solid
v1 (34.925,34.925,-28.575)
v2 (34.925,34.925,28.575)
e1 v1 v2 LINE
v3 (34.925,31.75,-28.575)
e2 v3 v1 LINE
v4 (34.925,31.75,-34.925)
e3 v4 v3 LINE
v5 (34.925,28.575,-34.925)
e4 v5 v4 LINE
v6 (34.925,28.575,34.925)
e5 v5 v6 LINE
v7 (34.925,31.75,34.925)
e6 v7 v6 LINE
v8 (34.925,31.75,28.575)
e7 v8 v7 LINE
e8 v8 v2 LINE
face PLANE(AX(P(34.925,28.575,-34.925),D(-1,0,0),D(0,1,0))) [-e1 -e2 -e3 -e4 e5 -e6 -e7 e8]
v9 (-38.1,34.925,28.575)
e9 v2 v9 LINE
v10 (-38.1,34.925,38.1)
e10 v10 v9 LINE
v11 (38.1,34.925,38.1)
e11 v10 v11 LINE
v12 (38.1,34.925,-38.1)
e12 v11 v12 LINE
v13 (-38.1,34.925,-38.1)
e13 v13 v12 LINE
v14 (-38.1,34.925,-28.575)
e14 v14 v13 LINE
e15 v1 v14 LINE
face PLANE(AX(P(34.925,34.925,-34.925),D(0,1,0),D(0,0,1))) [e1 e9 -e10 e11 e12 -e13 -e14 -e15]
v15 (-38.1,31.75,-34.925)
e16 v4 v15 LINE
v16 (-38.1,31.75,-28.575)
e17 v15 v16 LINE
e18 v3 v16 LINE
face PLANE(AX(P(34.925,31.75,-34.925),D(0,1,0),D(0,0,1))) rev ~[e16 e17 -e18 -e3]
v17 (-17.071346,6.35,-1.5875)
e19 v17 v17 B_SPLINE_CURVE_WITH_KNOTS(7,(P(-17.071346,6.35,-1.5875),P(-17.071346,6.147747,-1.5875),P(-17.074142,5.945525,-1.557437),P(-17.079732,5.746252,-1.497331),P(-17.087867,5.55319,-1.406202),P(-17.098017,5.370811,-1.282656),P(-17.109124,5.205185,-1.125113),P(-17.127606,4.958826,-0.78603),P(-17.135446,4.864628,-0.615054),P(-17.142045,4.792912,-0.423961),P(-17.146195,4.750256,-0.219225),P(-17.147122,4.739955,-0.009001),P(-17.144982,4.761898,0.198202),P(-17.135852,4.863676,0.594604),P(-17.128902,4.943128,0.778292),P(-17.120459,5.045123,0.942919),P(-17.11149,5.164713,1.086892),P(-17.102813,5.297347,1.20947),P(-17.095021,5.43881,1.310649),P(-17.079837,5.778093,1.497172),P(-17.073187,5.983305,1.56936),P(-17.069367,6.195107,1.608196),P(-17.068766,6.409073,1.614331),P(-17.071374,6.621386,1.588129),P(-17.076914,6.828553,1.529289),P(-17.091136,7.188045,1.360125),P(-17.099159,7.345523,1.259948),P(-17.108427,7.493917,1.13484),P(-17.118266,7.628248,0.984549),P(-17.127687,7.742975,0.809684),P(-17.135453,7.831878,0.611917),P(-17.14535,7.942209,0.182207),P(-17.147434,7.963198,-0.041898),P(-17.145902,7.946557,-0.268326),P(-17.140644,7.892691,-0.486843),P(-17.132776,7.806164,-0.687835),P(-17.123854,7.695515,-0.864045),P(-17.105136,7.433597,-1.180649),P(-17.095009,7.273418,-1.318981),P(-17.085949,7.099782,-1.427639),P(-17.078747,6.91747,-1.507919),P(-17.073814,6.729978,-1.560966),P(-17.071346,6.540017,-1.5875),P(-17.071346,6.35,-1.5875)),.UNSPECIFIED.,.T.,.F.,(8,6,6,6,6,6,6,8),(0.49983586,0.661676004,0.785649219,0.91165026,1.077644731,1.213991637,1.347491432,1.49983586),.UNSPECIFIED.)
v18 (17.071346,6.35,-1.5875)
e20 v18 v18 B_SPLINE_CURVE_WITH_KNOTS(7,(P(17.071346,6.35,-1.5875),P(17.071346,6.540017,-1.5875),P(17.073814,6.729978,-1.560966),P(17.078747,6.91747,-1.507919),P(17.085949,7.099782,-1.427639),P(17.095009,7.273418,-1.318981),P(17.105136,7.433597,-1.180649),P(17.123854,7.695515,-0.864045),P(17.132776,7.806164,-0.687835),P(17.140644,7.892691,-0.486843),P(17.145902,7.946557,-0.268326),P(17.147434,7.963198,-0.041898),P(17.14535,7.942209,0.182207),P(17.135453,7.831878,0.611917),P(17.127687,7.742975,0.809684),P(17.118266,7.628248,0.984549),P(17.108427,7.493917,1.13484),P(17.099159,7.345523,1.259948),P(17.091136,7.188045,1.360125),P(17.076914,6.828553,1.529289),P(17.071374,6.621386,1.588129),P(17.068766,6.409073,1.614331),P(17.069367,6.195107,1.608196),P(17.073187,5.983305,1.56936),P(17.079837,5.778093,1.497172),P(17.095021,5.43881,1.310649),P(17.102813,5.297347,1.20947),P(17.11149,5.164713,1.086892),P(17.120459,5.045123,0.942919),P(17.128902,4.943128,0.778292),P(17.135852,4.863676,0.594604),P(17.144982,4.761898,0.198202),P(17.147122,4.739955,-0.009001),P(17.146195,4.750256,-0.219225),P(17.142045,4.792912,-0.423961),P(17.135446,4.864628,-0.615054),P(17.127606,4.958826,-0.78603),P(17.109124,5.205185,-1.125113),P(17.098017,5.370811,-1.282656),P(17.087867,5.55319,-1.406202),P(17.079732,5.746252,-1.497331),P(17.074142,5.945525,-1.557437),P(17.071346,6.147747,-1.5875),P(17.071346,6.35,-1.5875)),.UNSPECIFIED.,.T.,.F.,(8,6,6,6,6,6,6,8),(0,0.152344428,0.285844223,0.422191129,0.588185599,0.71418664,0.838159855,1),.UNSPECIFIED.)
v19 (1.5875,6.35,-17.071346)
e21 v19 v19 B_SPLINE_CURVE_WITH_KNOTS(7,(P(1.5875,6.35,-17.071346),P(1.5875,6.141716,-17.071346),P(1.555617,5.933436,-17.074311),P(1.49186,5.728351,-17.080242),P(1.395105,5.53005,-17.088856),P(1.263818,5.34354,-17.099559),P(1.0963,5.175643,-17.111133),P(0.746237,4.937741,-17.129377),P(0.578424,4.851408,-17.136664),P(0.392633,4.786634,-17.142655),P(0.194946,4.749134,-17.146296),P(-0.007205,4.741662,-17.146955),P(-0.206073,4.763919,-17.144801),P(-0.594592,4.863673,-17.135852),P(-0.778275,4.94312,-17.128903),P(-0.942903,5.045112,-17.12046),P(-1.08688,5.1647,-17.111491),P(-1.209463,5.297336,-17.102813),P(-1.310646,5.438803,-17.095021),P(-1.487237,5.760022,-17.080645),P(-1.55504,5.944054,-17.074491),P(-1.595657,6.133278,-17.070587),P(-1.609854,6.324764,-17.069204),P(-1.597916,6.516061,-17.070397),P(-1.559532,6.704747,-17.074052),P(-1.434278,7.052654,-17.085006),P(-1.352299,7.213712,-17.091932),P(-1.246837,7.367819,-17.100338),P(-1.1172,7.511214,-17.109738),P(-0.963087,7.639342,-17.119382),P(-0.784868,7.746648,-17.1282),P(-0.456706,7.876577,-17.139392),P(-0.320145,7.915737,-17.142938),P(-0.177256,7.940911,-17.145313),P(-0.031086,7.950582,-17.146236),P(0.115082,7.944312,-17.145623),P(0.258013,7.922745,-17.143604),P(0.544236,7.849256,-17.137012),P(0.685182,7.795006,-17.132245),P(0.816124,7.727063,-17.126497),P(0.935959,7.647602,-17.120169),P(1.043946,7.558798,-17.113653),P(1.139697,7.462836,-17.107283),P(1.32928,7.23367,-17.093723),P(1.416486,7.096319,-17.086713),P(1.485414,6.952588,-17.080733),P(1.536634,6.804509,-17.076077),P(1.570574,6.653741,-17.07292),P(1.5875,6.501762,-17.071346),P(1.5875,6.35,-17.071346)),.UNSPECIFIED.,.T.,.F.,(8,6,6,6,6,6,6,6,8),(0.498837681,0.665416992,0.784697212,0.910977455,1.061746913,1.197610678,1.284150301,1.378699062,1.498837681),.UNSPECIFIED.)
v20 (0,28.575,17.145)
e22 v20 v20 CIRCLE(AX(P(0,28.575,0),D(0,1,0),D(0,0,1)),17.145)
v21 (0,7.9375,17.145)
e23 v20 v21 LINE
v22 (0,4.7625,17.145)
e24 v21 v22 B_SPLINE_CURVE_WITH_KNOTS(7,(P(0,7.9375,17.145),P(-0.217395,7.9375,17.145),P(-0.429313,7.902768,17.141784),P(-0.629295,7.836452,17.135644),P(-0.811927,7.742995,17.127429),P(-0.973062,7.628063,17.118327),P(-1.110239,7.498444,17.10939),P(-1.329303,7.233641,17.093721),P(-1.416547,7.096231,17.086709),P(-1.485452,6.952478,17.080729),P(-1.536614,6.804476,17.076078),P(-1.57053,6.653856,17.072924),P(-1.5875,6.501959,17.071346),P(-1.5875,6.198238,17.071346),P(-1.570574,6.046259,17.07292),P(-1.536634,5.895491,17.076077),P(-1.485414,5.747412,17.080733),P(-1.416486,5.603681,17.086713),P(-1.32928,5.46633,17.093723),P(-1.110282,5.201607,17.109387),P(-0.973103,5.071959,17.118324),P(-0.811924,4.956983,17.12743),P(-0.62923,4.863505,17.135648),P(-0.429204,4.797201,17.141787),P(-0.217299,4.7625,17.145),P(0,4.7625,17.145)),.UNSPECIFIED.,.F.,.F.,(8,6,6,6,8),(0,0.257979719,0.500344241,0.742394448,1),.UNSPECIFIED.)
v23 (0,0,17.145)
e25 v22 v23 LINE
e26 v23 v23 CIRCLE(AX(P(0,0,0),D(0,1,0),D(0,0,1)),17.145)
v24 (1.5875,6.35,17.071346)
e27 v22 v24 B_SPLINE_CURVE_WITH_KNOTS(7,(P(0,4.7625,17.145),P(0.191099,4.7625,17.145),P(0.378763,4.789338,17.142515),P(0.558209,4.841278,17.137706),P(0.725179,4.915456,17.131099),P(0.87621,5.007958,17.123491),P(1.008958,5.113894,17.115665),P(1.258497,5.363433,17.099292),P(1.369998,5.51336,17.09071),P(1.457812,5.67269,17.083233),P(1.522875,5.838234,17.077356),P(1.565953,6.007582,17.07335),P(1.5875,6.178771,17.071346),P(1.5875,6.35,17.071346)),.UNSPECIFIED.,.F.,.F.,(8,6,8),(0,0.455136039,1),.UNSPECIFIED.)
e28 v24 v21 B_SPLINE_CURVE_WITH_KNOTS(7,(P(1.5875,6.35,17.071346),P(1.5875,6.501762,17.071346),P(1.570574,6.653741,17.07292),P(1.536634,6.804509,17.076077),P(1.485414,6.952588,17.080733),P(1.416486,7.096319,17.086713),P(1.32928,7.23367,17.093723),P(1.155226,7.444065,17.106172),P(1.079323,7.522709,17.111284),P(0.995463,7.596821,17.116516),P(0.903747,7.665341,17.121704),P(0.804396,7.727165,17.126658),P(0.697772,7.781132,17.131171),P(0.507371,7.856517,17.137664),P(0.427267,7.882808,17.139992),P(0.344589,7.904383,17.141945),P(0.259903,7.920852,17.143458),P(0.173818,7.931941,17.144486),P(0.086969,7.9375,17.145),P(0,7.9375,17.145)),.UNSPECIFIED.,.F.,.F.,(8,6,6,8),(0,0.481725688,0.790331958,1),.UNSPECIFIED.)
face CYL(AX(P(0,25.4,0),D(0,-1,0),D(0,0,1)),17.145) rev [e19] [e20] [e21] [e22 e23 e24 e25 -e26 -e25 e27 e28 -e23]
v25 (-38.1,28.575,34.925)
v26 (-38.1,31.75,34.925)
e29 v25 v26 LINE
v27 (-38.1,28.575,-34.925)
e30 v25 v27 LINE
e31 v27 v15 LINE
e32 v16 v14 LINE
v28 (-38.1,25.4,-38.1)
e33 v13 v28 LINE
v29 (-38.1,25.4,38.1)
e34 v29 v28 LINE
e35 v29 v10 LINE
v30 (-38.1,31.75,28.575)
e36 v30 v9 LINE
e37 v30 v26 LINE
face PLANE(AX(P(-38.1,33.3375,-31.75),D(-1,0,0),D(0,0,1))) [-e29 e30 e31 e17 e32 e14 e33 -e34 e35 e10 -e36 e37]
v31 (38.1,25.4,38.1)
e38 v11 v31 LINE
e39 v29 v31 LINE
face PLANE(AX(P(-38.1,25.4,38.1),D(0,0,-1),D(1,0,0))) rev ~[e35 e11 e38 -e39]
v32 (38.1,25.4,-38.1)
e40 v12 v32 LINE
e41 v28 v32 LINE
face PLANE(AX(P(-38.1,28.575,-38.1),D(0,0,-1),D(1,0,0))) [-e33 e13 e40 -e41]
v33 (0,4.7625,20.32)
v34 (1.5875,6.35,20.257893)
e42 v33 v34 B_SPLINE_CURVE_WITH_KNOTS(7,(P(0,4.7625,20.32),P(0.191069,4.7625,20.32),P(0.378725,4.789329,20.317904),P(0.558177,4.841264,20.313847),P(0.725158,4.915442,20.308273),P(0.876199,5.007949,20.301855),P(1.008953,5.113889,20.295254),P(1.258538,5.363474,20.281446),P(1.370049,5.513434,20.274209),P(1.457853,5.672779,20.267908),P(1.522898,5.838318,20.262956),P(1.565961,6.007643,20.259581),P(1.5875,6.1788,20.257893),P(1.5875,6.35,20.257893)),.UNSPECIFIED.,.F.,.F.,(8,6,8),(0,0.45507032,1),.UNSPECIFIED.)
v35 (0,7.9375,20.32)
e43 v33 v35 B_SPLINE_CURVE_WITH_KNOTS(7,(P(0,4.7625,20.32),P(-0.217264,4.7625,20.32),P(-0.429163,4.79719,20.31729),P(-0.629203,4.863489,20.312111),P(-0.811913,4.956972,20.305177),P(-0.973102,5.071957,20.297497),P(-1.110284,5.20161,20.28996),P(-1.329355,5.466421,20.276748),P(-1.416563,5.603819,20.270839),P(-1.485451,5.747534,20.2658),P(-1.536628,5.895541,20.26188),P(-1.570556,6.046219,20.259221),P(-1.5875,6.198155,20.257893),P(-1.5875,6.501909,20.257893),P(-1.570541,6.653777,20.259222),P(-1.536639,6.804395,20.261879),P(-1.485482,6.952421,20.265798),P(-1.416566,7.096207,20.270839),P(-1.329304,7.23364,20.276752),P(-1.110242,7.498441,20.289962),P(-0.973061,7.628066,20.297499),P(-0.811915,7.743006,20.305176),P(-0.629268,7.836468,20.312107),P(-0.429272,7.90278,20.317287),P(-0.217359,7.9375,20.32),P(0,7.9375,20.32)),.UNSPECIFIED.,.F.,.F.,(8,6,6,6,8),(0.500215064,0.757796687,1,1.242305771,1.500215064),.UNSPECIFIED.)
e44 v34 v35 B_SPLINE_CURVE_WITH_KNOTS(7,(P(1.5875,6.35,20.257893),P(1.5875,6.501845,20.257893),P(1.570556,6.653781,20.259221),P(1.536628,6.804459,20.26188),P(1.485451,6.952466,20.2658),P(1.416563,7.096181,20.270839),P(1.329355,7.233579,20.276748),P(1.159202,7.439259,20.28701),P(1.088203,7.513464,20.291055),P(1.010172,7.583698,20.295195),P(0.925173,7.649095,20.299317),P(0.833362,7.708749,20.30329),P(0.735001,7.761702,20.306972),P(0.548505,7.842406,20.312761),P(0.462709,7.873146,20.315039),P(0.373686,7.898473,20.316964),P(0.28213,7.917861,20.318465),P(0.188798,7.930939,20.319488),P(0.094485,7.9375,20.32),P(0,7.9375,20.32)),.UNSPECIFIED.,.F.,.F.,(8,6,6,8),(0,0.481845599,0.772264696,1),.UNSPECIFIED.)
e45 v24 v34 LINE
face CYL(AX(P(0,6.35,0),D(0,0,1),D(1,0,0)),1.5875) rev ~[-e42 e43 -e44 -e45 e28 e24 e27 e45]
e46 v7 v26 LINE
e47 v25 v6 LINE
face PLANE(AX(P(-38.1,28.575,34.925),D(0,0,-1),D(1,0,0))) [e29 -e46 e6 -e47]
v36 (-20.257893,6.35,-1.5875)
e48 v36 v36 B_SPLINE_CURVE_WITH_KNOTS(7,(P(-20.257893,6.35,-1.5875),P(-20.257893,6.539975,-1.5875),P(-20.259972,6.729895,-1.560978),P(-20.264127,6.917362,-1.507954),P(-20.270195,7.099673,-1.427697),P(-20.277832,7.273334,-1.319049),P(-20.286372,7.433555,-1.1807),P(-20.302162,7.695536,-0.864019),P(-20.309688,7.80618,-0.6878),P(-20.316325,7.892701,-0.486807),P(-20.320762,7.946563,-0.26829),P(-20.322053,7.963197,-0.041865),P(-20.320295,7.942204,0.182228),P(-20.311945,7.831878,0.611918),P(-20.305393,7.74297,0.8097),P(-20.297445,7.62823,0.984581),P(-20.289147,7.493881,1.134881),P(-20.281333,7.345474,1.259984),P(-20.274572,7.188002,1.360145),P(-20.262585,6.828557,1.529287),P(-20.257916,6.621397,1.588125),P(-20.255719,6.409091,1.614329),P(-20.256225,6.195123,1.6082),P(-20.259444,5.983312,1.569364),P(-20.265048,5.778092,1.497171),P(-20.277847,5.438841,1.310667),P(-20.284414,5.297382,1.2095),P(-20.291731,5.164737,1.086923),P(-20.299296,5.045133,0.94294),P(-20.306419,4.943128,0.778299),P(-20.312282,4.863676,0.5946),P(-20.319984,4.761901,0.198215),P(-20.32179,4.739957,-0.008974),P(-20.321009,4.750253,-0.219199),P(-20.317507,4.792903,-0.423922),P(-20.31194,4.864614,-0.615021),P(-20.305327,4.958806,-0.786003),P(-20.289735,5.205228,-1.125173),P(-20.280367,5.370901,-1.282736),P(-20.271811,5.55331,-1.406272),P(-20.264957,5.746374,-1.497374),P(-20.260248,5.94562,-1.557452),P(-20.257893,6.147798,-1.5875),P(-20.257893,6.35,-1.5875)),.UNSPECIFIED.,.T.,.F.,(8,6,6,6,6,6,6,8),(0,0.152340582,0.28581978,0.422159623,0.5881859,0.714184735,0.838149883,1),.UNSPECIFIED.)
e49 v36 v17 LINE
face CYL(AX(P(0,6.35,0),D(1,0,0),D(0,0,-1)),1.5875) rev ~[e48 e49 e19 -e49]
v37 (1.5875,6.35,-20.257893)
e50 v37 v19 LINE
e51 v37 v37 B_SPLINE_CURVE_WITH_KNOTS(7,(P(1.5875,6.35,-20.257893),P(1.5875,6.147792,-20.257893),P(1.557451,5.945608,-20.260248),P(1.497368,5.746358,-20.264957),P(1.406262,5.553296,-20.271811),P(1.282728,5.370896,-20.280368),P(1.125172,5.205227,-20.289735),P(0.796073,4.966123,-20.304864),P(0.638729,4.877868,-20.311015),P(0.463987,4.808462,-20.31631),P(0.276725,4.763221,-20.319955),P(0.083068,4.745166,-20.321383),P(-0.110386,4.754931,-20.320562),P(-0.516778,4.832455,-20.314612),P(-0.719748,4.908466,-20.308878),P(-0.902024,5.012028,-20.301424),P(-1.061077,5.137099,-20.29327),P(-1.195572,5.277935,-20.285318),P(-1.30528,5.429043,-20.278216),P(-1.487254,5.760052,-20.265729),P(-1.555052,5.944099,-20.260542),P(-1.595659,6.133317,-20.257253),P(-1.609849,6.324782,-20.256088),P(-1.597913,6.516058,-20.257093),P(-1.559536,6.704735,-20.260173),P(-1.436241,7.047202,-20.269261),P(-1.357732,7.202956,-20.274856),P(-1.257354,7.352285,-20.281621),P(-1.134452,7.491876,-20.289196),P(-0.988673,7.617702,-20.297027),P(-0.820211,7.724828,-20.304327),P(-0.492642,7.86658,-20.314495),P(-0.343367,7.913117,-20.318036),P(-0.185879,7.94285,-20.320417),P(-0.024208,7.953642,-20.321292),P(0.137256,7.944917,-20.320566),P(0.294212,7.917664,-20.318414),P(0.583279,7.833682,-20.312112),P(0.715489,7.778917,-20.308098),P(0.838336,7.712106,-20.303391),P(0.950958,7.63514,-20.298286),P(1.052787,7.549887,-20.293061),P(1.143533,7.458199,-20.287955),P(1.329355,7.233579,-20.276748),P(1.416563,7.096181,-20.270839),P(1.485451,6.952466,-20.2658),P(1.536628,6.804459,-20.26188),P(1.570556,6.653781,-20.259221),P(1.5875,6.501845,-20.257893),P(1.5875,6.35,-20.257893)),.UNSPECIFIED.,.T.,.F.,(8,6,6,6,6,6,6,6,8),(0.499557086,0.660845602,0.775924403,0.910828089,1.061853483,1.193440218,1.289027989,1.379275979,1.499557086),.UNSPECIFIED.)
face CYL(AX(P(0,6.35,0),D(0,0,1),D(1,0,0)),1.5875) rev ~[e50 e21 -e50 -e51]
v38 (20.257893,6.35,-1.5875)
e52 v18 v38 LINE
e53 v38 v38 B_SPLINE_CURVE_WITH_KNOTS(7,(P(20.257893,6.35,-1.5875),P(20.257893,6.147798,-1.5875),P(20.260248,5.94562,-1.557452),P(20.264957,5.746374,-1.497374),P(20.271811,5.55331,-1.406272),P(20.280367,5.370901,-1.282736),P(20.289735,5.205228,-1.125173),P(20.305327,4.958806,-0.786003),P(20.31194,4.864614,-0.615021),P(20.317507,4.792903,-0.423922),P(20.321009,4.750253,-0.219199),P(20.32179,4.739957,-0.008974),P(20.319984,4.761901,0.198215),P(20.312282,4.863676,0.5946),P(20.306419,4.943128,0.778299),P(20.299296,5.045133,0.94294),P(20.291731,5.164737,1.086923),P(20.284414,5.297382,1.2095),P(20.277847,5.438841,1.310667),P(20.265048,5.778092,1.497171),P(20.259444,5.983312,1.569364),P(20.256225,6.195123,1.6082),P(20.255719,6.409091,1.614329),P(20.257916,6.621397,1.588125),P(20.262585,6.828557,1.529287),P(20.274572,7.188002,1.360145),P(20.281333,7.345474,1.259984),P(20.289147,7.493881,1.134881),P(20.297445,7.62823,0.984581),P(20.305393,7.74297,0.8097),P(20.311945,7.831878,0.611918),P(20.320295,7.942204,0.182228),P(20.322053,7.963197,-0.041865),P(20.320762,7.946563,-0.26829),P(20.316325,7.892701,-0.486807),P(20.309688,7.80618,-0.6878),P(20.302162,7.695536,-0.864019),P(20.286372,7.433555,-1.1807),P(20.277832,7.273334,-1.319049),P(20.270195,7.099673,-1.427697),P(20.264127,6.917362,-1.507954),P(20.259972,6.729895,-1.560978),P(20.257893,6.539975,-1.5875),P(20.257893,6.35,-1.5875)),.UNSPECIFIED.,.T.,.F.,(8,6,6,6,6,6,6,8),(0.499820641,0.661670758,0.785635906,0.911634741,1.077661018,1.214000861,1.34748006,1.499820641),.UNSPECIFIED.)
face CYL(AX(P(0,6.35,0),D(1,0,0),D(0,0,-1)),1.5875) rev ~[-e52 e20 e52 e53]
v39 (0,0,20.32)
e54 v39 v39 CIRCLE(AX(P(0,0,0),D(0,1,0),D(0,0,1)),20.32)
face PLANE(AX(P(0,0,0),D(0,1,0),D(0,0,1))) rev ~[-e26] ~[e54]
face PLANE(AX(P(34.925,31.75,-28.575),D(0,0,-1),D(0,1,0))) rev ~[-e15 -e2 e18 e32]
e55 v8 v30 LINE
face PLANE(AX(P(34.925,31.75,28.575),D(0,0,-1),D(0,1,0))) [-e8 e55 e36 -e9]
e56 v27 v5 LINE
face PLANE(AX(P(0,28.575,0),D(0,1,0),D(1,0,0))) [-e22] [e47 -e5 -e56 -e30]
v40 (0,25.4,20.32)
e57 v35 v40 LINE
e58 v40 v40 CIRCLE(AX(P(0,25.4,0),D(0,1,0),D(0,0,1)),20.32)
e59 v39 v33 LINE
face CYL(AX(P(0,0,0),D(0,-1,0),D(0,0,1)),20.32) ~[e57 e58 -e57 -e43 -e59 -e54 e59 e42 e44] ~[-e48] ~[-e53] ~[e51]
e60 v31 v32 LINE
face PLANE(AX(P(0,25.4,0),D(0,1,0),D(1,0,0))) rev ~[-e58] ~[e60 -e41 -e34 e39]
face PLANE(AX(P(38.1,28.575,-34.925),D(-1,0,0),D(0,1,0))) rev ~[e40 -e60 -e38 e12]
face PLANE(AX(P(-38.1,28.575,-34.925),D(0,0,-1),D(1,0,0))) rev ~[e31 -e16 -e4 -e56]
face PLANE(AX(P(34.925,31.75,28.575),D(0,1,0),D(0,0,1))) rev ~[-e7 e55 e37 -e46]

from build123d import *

# Parameters (mm, degrees)
SKETCH1_R           = 20.32
SKETCH1_R_2         = 17.145
BOSS_EXTRUDE1_DEPTH = 25.4
SKETCH2_W           = 76.2
SKETCH2_H           = 76.2
SKETCH2_R           = 17.145
BOSS_EXTRUDE2_DEPTH = 3.175
SKETCH3_W           = 76.2
SKETCH3_H           = 3.175
BOSS_EXTRUDE3_DEPTH = 6.35
BOSS_EXTRUDE4_REACH = 91.465
SKETCH4_W           = 3.175
SKETCH4_H           = 6.35
SKETCH5_W           = 6.35
SKETCH5_H           = 3.175
BOSS_EXTRUDE5_DEPTH = 73.025
SKETCH7_R           = 1.5875
CUT_EXTRUDE1_DEPTH  = 65.210401221
CIRPATTERN1_COUNT   = 4


with BuildPart() as part:
    # Sketch1 → Boss-Extrude1 (new body)
    with BuildSketch(Plane(origin=(0, 0, 0), x_dir=(1, 0, 0), z_dir=(0, 1, 0))):
        with Locations(Location((0, 0, 0), (0, 0, 270))):
            Circle(SKETCH1_R)
        with Locations(Location((0, 0, 0), (0, 0, 270))):
            Circle(SKETCH1_R_2, mode=Mode.SUBTRACT)
    extrude(amount=BOSS_EXTRUDE1_DEPTH)

    # Sketch2 → Boss-Extrude2 (add)
    with BuildSketch(Plane(origin=(0, 25.4, 0), x_dir=(1, 0, 0), z_dir=(0, 1, 0))):
        Rectangle(SKETCH2_W, SKETCH2_H)
        with Locations(Location((0, 0, 0), (0, 0, 270))):
            Circle(SKETCH2_R, mode=Mode.SUBTRACT)
    extrude(amount=BOSS_EXTRUDE2_DEPTH)

    # Sketch3 → Boss-Extrude3 (add)
    with BuildSketch(Plane(origin=(0, 28.575, 0), x_dir=(1, 0, 0), z_dir=(0, 1, 0))):
        with Locations((0, 36.5125)):
            Rectangle(SKETCH3_W, SKETCH3_H)
        with Locations((0, -36.5125)):
            Rectangle(SKETCH3_W, SKETCH3_H)
    extrude(amount=BOSS_EXTRUDE3_DEPTH)

    # Sketch4 → Boss-Extrude4 (add, up to next)
    with BuildSketch(Plane.XY.offset(-34.925), mode=Mode.PRIVATE) as boss_extrude4_sk1:
        with Locations((36.5125, 31.75)):
            Rectangle(SKETCH4_W, SKETCH4_H)
    boss_extrude4_tool1 = extrude(boss_extrude4_sk1.sketch, amount=BOSS_EXTRUDE4_REACH, mode=Mode.PRIVATE) - part.part
    add(boss_extrude4_tool1.solids().sort_by_distance((36.5125, 31.75, -34.925))[0])

    # Sketch5 → Boss-Extrude5 (add)
    with BuildSketch(Plane.ZY.offset(-34.925)):
        with Locations((-31.75, 33.3375)):
            Rectangle(SKETCH5_W, SKETCH5_H)
        with Locations((31.75, 33.3375)):
            Rectangle(SKETCH5_W, SKETCH5_H)
    extrude(amount=BOSS_EXTRUDE5_DEPTH)

    # Sketch7 → Cut-Extrude1 (cut, symmetric)
    with BuildSketch(Plane(origin=(0, 0, 0), x_dir=(0, 0, -1), z_dir=(1, 0, 0))):
        with Locations((0, 6.35)):
            Circle(SKETCH7_R)
    cut_extrude1 = extrude(amount=CUT_EXTRUDE1_DEPTH, both=True, mode=Mode.SUBTRACT)

    # CirPattern1: Cut-Extrude1 ×4 about axis
    cirpattern1_axis = Axis((0, 25.4, 0), (0, -1, 0))
    for i in range(1, CIRPATTERN1_COUNT):
        add(cut_extrude1.rotate(cirpattern1_axis, i * 360 / CIRPATTERN1_COUNT), mode=Mode.SUBTRACT)


solid = part.part
